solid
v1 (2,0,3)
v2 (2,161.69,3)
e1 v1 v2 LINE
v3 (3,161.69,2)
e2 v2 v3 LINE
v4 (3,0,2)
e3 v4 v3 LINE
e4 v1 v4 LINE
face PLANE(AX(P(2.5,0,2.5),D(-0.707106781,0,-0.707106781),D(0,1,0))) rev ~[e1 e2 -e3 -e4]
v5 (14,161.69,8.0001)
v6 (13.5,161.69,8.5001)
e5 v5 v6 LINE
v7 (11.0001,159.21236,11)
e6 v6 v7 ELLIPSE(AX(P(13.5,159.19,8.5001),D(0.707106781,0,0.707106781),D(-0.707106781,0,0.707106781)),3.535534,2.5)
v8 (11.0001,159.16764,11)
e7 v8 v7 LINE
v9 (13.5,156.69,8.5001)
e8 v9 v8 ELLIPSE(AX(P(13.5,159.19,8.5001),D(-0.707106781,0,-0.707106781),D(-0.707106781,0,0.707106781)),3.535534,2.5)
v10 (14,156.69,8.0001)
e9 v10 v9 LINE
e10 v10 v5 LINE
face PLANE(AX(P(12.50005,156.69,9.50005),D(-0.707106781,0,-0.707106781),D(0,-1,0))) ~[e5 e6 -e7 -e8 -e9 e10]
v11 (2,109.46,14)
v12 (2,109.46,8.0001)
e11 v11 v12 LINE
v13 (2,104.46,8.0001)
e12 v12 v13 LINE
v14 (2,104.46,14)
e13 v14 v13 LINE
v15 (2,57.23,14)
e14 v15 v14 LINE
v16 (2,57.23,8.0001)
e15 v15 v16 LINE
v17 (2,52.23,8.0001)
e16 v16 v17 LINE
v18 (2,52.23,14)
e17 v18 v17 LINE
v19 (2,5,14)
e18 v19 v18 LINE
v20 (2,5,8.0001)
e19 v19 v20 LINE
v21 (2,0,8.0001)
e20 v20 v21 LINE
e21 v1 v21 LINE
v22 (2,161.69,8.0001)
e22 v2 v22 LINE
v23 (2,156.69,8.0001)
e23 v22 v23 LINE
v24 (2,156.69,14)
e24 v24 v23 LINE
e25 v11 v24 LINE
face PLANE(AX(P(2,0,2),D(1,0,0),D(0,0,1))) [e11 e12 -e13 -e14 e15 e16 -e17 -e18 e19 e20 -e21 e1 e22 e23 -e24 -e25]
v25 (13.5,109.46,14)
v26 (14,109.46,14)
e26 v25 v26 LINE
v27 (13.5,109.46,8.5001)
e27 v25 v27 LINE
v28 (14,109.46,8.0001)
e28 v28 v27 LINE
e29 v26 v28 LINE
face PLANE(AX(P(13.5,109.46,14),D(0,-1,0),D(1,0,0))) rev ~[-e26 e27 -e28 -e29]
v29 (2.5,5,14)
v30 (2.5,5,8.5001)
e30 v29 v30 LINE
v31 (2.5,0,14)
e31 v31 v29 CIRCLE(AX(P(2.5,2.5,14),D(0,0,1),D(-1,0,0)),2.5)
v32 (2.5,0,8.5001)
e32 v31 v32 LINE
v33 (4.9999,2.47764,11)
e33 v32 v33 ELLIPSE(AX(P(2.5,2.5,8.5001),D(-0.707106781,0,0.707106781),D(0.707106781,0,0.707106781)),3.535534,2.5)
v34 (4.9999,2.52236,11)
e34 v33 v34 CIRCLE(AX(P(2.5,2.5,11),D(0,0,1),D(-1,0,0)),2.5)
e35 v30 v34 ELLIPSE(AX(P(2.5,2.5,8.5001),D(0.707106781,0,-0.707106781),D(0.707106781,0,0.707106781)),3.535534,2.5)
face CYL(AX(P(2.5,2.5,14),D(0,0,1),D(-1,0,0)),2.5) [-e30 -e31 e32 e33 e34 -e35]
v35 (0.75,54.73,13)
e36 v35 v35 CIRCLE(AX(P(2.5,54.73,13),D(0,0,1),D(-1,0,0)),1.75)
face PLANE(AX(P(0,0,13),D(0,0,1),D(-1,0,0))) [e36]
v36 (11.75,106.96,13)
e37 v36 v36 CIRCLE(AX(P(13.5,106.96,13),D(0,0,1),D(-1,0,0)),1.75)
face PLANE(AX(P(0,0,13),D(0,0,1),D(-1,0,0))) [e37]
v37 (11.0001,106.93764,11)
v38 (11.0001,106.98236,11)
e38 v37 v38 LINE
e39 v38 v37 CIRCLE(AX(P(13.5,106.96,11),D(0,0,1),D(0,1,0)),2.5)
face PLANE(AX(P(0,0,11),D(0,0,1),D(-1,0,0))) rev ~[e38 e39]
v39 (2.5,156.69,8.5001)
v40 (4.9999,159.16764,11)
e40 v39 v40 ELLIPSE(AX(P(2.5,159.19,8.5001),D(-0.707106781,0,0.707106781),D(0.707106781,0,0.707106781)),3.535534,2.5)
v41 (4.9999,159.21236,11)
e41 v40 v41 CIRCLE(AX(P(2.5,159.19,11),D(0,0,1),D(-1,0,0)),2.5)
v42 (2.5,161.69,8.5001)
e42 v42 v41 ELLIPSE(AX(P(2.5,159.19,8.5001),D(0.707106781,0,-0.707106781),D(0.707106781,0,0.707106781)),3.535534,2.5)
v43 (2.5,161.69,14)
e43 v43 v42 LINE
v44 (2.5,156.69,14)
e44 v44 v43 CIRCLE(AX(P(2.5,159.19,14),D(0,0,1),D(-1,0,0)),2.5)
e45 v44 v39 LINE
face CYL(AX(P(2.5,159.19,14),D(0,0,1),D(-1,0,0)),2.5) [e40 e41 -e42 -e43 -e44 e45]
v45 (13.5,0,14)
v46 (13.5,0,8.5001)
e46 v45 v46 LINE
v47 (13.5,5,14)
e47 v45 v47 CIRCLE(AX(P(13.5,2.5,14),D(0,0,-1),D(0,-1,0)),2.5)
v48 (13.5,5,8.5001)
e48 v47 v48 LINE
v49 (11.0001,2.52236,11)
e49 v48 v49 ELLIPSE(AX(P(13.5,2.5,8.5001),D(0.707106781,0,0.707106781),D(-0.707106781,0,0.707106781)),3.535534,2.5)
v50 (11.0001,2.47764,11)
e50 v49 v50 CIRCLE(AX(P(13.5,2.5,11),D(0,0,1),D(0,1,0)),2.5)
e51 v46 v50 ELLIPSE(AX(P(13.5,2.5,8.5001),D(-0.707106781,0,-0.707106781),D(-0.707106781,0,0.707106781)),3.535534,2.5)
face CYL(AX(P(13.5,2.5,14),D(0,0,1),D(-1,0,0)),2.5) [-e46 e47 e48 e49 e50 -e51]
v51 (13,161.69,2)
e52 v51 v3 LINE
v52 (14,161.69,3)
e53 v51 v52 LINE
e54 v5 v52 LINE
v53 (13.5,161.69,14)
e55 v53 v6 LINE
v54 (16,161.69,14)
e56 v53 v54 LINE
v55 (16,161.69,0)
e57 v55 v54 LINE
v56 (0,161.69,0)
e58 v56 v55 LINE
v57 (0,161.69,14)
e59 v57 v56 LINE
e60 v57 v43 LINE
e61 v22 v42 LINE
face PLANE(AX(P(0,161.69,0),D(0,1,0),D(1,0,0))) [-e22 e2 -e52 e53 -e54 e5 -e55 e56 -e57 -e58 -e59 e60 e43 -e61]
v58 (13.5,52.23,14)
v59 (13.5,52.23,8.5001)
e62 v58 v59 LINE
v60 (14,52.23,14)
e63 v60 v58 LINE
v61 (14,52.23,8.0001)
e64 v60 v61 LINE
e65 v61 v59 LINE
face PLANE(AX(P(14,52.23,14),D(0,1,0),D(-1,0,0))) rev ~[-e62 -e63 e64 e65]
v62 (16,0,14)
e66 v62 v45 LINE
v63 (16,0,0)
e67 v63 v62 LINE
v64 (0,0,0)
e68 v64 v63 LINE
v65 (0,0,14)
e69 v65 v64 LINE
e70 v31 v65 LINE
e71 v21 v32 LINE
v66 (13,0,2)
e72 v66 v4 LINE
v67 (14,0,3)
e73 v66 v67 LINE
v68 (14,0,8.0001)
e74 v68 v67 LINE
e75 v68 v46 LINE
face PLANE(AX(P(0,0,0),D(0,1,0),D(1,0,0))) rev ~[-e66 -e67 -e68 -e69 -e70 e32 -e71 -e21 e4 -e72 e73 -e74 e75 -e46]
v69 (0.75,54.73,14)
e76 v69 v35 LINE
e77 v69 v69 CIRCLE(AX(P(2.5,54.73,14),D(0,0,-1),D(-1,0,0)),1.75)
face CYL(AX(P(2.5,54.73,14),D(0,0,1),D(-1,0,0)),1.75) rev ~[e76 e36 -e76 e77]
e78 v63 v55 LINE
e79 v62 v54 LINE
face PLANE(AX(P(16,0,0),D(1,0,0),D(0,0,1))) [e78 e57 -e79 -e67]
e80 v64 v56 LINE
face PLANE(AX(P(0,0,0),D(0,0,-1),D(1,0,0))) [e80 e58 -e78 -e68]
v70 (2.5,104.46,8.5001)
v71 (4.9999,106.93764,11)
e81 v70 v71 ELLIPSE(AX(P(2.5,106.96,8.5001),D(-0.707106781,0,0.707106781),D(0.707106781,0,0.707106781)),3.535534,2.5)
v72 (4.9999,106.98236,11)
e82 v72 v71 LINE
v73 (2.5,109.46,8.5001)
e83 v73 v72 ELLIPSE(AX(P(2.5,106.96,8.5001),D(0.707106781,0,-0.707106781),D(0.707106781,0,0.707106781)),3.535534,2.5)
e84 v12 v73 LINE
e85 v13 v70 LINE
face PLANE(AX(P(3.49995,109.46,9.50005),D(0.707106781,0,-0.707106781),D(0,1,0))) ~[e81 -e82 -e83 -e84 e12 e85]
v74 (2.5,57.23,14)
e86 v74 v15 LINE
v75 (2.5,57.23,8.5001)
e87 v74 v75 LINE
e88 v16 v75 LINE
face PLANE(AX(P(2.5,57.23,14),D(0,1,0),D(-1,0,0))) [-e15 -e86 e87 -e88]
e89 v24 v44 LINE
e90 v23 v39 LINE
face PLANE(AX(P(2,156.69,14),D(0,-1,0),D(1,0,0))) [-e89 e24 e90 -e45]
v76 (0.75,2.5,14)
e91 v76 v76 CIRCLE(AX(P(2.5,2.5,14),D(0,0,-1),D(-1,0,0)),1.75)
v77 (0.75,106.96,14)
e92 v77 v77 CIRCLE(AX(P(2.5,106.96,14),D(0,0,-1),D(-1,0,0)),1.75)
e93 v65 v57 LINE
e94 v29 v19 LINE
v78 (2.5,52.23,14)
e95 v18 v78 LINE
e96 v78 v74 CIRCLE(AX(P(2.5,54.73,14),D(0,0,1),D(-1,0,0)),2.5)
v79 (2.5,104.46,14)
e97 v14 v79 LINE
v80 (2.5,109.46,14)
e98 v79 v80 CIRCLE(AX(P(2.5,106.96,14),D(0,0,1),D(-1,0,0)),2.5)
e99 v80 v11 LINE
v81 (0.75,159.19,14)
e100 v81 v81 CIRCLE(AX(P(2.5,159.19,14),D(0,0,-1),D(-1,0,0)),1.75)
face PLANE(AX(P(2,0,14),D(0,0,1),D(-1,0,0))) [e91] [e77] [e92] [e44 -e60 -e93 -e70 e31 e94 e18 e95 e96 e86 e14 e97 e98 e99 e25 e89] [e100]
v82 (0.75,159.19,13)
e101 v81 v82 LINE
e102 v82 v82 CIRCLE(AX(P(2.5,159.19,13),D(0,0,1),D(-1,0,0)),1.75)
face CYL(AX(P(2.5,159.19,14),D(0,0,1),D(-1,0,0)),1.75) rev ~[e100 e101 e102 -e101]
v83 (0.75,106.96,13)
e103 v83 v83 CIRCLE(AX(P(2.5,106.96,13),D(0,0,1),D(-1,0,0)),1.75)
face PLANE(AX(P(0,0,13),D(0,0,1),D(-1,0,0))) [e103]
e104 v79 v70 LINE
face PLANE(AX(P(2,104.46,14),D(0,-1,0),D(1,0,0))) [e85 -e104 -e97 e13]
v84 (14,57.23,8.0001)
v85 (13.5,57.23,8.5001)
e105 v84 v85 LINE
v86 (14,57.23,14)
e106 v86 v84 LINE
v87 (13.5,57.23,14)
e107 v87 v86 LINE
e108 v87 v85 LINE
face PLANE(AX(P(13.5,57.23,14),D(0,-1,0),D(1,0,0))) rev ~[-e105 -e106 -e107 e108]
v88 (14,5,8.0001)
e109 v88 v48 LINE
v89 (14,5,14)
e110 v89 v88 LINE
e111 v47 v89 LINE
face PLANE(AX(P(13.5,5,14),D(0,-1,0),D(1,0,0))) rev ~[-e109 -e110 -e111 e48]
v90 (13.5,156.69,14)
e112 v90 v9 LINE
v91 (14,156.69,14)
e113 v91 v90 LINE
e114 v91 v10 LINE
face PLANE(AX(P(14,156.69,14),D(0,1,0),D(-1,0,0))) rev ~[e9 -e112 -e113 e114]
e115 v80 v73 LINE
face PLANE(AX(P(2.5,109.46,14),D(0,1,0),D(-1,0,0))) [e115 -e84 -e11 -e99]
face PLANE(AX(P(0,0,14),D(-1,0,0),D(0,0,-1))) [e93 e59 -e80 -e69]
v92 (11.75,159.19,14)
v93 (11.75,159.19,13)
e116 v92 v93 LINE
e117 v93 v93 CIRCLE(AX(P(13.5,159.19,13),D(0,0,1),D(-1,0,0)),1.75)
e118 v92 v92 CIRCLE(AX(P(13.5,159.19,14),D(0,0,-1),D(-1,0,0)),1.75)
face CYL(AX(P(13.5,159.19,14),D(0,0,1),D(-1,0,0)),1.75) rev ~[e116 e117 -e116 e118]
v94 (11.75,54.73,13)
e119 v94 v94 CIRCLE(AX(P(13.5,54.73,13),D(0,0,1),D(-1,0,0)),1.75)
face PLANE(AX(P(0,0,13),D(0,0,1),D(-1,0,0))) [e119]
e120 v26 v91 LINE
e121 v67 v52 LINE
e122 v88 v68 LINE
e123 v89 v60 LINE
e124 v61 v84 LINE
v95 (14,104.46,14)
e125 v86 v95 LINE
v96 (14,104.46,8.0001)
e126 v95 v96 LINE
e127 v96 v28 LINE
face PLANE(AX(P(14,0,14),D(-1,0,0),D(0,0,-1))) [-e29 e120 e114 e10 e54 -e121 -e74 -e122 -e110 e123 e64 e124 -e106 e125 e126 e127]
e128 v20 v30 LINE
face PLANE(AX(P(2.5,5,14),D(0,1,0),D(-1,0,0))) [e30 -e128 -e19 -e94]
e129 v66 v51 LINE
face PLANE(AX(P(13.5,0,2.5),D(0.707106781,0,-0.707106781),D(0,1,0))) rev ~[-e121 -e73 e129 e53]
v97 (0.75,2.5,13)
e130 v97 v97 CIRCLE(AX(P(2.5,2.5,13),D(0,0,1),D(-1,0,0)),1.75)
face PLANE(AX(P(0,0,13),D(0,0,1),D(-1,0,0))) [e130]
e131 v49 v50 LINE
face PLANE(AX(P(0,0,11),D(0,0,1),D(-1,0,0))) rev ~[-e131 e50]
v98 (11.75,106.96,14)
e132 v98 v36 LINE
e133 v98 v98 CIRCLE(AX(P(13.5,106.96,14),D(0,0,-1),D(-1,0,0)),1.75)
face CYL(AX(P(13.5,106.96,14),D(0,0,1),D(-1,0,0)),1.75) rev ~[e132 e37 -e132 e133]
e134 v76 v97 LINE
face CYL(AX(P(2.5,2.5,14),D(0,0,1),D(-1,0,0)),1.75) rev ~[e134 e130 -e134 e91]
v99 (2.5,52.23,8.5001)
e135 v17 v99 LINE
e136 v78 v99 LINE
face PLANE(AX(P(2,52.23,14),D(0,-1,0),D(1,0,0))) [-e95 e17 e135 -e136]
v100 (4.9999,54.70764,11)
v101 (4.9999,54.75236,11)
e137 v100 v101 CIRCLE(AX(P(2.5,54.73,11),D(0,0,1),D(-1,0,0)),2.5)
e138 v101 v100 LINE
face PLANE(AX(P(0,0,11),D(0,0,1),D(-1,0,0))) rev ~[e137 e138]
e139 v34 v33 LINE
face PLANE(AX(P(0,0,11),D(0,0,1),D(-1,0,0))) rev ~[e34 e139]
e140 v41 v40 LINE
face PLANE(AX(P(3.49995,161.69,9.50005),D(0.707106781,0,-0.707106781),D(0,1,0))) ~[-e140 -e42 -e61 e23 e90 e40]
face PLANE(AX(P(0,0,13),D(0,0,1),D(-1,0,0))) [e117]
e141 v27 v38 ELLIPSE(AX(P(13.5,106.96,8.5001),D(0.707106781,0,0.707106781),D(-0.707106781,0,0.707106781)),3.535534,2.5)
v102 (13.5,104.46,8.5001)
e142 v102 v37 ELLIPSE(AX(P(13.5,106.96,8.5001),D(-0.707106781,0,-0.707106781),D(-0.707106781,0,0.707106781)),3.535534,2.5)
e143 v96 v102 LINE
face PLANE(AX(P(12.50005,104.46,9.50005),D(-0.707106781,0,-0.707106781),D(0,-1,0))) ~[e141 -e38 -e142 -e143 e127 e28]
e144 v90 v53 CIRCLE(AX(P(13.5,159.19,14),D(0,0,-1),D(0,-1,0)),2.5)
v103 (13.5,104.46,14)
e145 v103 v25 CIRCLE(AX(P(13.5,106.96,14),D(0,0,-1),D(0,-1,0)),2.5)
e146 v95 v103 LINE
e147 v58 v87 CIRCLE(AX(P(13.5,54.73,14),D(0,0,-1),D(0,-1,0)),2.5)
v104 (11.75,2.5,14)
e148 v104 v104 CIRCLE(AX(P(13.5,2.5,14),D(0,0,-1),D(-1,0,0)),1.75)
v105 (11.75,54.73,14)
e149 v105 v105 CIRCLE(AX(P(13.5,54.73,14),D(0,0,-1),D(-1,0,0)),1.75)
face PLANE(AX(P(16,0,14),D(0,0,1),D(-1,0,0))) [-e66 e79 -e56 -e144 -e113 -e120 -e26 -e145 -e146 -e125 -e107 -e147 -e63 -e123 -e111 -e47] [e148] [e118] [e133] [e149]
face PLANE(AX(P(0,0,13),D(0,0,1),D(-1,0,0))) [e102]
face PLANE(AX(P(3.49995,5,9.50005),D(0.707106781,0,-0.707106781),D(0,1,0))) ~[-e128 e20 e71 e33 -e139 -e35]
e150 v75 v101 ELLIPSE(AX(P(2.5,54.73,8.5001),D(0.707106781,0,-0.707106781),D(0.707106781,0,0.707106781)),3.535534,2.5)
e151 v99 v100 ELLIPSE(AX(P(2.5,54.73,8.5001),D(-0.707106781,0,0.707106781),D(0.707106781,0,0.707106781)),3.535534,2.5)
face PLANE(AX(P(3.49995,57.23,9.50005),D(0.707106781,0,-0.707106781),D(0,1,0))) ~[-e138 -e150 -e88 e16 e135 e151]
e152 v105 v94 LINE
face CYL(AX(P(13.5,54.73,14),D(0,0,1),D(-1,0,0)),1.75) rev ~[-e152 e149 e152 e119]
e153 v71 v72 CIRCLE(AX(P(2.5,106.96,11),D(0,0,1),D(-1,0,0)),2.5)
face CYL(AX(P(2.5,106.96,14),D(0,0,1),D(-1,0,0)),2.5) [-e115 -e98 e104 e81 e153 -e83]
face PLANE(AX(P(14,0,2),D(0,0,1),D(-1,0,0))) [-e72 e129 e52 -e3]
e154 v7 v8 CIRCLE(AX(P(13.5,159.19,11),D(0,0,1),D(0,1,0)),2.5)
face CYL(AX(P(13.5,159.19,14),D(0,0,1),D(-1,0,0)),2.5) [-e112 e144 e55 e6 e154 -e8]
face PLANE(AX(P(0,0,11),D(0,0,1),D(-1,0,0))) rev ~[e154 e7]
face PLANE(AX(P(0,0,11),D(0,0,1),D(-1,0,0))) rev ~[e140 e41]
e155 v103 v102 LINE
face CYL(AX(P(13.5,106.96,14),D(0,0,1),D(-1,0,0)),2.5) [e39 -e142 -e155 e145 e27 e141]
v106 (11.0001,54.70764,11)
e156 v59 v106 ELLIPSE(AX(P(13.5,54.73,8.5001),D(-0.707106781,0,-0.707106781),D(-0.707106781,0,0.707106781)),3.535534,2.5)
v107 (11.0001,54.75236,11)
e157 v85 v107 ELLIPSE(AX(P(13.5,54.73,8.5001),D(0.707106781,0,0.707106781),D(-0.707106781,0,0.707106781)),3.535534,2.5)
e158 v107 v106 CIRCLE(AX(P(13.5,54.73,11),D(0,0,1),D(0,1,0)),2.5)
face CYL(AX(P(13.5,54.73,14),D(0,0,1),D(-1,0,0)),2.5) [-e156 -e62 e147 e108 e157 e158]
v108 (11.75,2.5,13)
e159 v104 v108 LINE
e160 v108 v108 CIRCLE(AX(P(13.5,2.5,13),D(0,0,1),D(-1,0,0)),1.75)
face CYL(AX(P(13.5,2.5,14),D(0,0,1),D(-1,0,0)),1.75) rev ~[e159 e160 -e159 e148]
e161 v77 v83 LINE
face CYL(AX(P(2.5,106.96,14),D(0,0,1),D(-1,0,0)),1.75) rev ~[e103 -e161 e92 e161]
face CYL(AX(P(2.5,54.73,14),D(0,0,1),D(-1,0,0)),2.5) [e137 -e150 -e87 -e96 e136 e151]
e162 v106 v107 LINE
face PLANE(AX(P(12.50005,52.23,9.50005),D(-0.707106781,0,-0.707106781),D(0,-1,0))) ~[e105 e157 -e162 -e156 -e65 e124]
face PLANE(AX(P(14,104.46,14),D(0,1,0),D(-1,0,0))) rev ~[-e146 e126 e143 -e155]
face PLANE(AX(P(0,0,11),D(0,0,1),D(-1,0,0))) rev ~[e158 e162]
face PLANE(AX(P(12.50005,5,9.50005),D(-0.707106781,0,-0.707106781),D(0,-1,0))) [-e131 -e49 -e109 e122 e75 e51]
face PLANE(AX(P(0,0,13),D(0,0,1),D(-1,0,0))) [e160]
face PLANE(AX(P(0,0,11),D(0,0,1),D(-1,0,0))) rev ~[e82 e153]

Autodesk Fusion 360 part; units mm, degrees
sketch "3D-printed conduit outline" plane through (0, 0, 0) normal (0, 1, 0) x (1, 0, 0)
  line L0 (0, 0) -> (16, 0)
  line L1 (16, 0) -> (16, -14)
  line L2 (16, -14) -> (0, -14)
  line L3 (0, -14) -> (0, 0)
  line L4 (2, -14) -> (14, -14)
  line L5 (14, -14) -> (14, -2)
  line L6 (14, -2) -> (2, -2)
  line L7 (2, -2) -> (2, -14)
  dimension "d8" = 14
  dimension "d9" = 16
  dimension "d10" = 2
  dimension "d11" = 2
  dimension "d12" = 2
extrude "Extrude1" add sketch "3D-printed conduit outline" along normal blind 161.69 contours L0 L1 L2 L3 L5 L6 L7
sketch "Magnet holders" plane through (0, 0, 14) normal (0, 0, 1) x (-1, 0, 0)
  line L0 (0, 0) -> (-2, 0)
  line L1 (-2, 0) -> (-2, -161.69)
  line L2 (-2, -161.69) -> (0, -161.69)
  line L3 (0, -161.69) -> (0, 0)
  line L4 (-14, 0) -> (-16, 0)
  line L5 (-16, 0) -> (-16, -161.69)
  line L6 (-16, -161.69) -> (-14, -161.69)
  line L7 (-14, -161.69) -> (-14, 0)
  circle A0 centre (-2.5, -2.5) radius 2.5
  circle A1 centre (-2.5, -2.5) radius 1.75
  line L8 (-14, 0) -> (-2, 0)
  line L9 (0, 0) -> (-2.5, 0)
  line L10 (-2.5, 0) -> (-2.5, -5)
  line L11 (-2.5, -5) -> (0, -5)
  line L12 (0, -5) -> (0, 0)
  circle A2 centre (-13.5, -2.5) radius 2.5
  circle A3 centre (-13.5, -2.5) radius 1.75
  line L13 (-16, 0) -> (-13.5, 0)
  line L14 (-13.5, 0) -> (-13.5, -5)
  line L15 (-13.5, -5) -> (-16, -5)
  line L16 (-16, -5) -> (-16, 0)
  circle A4 centre (-2.5, -54.73) radius 1.75
  circle A5 centre (-2.5, -54.73) radius 2.5
  line L17 (-2.5, -52.23) -> (-2.5, -57.23)
  line L18 (-2.5, -57.23) -> (0, -57.23)
  line L19 (0, -57.23) -> (0, -52.23)
  line L20 (0, -52.23) -> (-2.5, -52.23)
  circle A6 centre (-13.5, -54.73) radius 1.75
  circle A7 centre (-13.5, -54.73) radius 2.5
  line L21 (-13.5, -52.23) -> (-13.5, -57.23)
  line L22 (-13.5, -57.23) -> (-16, -57.23)
  line L23 (-16, -57.23) -> (-16, -52.23)
  line L24 (-16, -52.23) -> (-13.5, -52.23)
  circle A8 centre (-2.5, -106.96) radius 1.75
  circle A9 centre (-2.5, -106.96) radius 2.5
  line L25 (-2.5, -104.46) -> (-2.5, -109.46)
  line L26 (-2.5, -109.46) -> (0, -109.46)
  line L27 (0, -109.46) -> (0, -104.46)
  line L28 (0, -104.46) -> (-2.5, -104.46)
  circle A10 centre (-13.5, -106.96) radius 1.75
  circle A11 centre (-13.5, -106.96) radius 2.5
  line L29 (-13.5, -104.46) -> (-13.5, -109.46)
  line L30 (-13.5, -109.46) -> (-16, -109.46)
  line L31 (-16, -109.46) -> (-16, -104.46)
  line L32 (-16, -104.46) -> (-13.5, -104.46)
  circle A12 centre (-2.5, -159.19) radius 1.75
  circle A13 centre (-2.5, -159.19) radius 2.5
  line L33 (-2.5, -156.69) -> (-2.5, -161.69)
  line L34 (-2.5, -161.69) -> (0, -161.69)
  line L35 (0, -161.69) -> (0, -156.69)
  line L36 (0, -156.69) -> (-2.5, -156.69)
  circle A14 centre (-13.5, -159.19) radius 1.75
  circle A15 centre (-13.5, -159.19) radius 2.5
  line L37 (-13.5, -156.69) -> (-13.5, -161.69)
  line L38 (-13.5, -161.69) -> (-16, -161.69)
  line L39 (-16, -161.69) -> (-16, -156.69)
  line L40 (-16, -156.69) -> (-13.5, -156.69)
  dimension "d15" = 5
  dimension "d16" = 3.5
  dimension "d17" = 5
  dimension "d18" = 3.5
  dimension "d21" = 0
  dimension "d22" = -156.69
extrude "Extrude2" add sketch "Magnet holders" against normal blind 3 contours A2 A3 L14 | L7 A2 A3 L14 | L7 L8 A2 L13 | L1 A0 L8 L9 | L1 A0 A1 L10 | A0 A1 L10 | L1 A0 A1 L10 | L1 A0 L11 | L1 A1 L10 | A1 L10 | L7 A3 L14 | A3 L14 | L1 A5 L20 | L7 A2 L15 | L7 A2 A3 L14 | L1 A4 A5 L17 | L1 A4 A5 L17 | L1 A5 L18 | A4 A5 L17 | L1 A4 L17 | A4 L17 | L7 A7 L24 | L1 A9 L28 | L7 A6 A7 L21 | A6 A7 L21 | L1 A8 A9 L25 | L1 A8 A9 L25 | L1 A9 L26 | A8 A9 L25 | L7 A6 L21 | A6 L21 | L7 A7 L22 | L7 A6 A7 L21 | L1 A8 L25 | A8 L25 | L1 A13 L36 | L7 A11 L32 | L1 A12 A13 L33 | L1 A12 A13 L33 | L1 A13 L34 | A12 A13 L33 | L7 A10 A11 L29 | L7 A11 L30 | L7 A10 A11 L29 | A10 A11 L29 | L1 A12 L33 | A12 L33 | L7 A10 L29 | A10 L29 | L7 A15 L40 | L7 A14 A15 L37 | L7 A15 L38 | L7 A14 A15 L37 | A14 A15 L37 | L7 A14 L37 | A14 L37
extrude "Extrude3" cut sketch "Magnet holders" against normal blind 1 contours L1 A1 | L1 A1 L10 | A1 L10 | L7 A3 L14 | A3 L14 | L7 A3 | L1 A4 | L1 A4 L17 | A4 L17 | L7 A6 L21 | L7 A6 | A6 L21 | L1 A8 | L1 A8 L25 | A8 L25 | L1 A12 | L1 A12 L33 | A12 L33 | L7 A10 L29 | L7 A10 | A10 L29 | L7 A14 L37 | L7 A14 | A14 L37
chamfer "Chamfer1" distance 1 angle 45 2 edges at (2, 80.845, 2) (14, 80.845, 2)
chamfer "Chamfer2" distance 2.9999 angle 45 8 edges at (2, 2.5, 11) (2, 54.73, 11) (2, 106.96, 11) (2, 159.19, 11) (14, 2.5, 11) (14, 54.73, 11) (14, 106.96, 11) (14, 159.19, 11)
equation "conduit_length = 161.69 mm"
equation "conduit_width = 16 mm"
equation "conduit_height = 16 mm"
equation "conduit_wall_thickness = 2 mm"
equation "magnet_diameter = 3 mm"
equation "magnet_height = 1 mm"
equation "d8 = conduit_height - conduit_wall_thickness"
equation "d9 = conduit_width"
equation "d10 = conduit_wall_thickness"
equation "d11 = conduit_wall_thickness"
equation "d12 = conduit_wall_thickness"
equation "d13 = conduit_length"
equation "d15 = magnet_diameter + 2 mm"
equation "d16 = magnet_diameter + 0.5 mm"
equation "d17 = magnet_diameter + 2 mm"
equation "d18 = magnet_diameter + 0.5 mm"
equation "d22 = -conduit_length + ( magnet_diameter + 2 mm )"
equation "d23 = -( magnet_height + 2 mm )"
